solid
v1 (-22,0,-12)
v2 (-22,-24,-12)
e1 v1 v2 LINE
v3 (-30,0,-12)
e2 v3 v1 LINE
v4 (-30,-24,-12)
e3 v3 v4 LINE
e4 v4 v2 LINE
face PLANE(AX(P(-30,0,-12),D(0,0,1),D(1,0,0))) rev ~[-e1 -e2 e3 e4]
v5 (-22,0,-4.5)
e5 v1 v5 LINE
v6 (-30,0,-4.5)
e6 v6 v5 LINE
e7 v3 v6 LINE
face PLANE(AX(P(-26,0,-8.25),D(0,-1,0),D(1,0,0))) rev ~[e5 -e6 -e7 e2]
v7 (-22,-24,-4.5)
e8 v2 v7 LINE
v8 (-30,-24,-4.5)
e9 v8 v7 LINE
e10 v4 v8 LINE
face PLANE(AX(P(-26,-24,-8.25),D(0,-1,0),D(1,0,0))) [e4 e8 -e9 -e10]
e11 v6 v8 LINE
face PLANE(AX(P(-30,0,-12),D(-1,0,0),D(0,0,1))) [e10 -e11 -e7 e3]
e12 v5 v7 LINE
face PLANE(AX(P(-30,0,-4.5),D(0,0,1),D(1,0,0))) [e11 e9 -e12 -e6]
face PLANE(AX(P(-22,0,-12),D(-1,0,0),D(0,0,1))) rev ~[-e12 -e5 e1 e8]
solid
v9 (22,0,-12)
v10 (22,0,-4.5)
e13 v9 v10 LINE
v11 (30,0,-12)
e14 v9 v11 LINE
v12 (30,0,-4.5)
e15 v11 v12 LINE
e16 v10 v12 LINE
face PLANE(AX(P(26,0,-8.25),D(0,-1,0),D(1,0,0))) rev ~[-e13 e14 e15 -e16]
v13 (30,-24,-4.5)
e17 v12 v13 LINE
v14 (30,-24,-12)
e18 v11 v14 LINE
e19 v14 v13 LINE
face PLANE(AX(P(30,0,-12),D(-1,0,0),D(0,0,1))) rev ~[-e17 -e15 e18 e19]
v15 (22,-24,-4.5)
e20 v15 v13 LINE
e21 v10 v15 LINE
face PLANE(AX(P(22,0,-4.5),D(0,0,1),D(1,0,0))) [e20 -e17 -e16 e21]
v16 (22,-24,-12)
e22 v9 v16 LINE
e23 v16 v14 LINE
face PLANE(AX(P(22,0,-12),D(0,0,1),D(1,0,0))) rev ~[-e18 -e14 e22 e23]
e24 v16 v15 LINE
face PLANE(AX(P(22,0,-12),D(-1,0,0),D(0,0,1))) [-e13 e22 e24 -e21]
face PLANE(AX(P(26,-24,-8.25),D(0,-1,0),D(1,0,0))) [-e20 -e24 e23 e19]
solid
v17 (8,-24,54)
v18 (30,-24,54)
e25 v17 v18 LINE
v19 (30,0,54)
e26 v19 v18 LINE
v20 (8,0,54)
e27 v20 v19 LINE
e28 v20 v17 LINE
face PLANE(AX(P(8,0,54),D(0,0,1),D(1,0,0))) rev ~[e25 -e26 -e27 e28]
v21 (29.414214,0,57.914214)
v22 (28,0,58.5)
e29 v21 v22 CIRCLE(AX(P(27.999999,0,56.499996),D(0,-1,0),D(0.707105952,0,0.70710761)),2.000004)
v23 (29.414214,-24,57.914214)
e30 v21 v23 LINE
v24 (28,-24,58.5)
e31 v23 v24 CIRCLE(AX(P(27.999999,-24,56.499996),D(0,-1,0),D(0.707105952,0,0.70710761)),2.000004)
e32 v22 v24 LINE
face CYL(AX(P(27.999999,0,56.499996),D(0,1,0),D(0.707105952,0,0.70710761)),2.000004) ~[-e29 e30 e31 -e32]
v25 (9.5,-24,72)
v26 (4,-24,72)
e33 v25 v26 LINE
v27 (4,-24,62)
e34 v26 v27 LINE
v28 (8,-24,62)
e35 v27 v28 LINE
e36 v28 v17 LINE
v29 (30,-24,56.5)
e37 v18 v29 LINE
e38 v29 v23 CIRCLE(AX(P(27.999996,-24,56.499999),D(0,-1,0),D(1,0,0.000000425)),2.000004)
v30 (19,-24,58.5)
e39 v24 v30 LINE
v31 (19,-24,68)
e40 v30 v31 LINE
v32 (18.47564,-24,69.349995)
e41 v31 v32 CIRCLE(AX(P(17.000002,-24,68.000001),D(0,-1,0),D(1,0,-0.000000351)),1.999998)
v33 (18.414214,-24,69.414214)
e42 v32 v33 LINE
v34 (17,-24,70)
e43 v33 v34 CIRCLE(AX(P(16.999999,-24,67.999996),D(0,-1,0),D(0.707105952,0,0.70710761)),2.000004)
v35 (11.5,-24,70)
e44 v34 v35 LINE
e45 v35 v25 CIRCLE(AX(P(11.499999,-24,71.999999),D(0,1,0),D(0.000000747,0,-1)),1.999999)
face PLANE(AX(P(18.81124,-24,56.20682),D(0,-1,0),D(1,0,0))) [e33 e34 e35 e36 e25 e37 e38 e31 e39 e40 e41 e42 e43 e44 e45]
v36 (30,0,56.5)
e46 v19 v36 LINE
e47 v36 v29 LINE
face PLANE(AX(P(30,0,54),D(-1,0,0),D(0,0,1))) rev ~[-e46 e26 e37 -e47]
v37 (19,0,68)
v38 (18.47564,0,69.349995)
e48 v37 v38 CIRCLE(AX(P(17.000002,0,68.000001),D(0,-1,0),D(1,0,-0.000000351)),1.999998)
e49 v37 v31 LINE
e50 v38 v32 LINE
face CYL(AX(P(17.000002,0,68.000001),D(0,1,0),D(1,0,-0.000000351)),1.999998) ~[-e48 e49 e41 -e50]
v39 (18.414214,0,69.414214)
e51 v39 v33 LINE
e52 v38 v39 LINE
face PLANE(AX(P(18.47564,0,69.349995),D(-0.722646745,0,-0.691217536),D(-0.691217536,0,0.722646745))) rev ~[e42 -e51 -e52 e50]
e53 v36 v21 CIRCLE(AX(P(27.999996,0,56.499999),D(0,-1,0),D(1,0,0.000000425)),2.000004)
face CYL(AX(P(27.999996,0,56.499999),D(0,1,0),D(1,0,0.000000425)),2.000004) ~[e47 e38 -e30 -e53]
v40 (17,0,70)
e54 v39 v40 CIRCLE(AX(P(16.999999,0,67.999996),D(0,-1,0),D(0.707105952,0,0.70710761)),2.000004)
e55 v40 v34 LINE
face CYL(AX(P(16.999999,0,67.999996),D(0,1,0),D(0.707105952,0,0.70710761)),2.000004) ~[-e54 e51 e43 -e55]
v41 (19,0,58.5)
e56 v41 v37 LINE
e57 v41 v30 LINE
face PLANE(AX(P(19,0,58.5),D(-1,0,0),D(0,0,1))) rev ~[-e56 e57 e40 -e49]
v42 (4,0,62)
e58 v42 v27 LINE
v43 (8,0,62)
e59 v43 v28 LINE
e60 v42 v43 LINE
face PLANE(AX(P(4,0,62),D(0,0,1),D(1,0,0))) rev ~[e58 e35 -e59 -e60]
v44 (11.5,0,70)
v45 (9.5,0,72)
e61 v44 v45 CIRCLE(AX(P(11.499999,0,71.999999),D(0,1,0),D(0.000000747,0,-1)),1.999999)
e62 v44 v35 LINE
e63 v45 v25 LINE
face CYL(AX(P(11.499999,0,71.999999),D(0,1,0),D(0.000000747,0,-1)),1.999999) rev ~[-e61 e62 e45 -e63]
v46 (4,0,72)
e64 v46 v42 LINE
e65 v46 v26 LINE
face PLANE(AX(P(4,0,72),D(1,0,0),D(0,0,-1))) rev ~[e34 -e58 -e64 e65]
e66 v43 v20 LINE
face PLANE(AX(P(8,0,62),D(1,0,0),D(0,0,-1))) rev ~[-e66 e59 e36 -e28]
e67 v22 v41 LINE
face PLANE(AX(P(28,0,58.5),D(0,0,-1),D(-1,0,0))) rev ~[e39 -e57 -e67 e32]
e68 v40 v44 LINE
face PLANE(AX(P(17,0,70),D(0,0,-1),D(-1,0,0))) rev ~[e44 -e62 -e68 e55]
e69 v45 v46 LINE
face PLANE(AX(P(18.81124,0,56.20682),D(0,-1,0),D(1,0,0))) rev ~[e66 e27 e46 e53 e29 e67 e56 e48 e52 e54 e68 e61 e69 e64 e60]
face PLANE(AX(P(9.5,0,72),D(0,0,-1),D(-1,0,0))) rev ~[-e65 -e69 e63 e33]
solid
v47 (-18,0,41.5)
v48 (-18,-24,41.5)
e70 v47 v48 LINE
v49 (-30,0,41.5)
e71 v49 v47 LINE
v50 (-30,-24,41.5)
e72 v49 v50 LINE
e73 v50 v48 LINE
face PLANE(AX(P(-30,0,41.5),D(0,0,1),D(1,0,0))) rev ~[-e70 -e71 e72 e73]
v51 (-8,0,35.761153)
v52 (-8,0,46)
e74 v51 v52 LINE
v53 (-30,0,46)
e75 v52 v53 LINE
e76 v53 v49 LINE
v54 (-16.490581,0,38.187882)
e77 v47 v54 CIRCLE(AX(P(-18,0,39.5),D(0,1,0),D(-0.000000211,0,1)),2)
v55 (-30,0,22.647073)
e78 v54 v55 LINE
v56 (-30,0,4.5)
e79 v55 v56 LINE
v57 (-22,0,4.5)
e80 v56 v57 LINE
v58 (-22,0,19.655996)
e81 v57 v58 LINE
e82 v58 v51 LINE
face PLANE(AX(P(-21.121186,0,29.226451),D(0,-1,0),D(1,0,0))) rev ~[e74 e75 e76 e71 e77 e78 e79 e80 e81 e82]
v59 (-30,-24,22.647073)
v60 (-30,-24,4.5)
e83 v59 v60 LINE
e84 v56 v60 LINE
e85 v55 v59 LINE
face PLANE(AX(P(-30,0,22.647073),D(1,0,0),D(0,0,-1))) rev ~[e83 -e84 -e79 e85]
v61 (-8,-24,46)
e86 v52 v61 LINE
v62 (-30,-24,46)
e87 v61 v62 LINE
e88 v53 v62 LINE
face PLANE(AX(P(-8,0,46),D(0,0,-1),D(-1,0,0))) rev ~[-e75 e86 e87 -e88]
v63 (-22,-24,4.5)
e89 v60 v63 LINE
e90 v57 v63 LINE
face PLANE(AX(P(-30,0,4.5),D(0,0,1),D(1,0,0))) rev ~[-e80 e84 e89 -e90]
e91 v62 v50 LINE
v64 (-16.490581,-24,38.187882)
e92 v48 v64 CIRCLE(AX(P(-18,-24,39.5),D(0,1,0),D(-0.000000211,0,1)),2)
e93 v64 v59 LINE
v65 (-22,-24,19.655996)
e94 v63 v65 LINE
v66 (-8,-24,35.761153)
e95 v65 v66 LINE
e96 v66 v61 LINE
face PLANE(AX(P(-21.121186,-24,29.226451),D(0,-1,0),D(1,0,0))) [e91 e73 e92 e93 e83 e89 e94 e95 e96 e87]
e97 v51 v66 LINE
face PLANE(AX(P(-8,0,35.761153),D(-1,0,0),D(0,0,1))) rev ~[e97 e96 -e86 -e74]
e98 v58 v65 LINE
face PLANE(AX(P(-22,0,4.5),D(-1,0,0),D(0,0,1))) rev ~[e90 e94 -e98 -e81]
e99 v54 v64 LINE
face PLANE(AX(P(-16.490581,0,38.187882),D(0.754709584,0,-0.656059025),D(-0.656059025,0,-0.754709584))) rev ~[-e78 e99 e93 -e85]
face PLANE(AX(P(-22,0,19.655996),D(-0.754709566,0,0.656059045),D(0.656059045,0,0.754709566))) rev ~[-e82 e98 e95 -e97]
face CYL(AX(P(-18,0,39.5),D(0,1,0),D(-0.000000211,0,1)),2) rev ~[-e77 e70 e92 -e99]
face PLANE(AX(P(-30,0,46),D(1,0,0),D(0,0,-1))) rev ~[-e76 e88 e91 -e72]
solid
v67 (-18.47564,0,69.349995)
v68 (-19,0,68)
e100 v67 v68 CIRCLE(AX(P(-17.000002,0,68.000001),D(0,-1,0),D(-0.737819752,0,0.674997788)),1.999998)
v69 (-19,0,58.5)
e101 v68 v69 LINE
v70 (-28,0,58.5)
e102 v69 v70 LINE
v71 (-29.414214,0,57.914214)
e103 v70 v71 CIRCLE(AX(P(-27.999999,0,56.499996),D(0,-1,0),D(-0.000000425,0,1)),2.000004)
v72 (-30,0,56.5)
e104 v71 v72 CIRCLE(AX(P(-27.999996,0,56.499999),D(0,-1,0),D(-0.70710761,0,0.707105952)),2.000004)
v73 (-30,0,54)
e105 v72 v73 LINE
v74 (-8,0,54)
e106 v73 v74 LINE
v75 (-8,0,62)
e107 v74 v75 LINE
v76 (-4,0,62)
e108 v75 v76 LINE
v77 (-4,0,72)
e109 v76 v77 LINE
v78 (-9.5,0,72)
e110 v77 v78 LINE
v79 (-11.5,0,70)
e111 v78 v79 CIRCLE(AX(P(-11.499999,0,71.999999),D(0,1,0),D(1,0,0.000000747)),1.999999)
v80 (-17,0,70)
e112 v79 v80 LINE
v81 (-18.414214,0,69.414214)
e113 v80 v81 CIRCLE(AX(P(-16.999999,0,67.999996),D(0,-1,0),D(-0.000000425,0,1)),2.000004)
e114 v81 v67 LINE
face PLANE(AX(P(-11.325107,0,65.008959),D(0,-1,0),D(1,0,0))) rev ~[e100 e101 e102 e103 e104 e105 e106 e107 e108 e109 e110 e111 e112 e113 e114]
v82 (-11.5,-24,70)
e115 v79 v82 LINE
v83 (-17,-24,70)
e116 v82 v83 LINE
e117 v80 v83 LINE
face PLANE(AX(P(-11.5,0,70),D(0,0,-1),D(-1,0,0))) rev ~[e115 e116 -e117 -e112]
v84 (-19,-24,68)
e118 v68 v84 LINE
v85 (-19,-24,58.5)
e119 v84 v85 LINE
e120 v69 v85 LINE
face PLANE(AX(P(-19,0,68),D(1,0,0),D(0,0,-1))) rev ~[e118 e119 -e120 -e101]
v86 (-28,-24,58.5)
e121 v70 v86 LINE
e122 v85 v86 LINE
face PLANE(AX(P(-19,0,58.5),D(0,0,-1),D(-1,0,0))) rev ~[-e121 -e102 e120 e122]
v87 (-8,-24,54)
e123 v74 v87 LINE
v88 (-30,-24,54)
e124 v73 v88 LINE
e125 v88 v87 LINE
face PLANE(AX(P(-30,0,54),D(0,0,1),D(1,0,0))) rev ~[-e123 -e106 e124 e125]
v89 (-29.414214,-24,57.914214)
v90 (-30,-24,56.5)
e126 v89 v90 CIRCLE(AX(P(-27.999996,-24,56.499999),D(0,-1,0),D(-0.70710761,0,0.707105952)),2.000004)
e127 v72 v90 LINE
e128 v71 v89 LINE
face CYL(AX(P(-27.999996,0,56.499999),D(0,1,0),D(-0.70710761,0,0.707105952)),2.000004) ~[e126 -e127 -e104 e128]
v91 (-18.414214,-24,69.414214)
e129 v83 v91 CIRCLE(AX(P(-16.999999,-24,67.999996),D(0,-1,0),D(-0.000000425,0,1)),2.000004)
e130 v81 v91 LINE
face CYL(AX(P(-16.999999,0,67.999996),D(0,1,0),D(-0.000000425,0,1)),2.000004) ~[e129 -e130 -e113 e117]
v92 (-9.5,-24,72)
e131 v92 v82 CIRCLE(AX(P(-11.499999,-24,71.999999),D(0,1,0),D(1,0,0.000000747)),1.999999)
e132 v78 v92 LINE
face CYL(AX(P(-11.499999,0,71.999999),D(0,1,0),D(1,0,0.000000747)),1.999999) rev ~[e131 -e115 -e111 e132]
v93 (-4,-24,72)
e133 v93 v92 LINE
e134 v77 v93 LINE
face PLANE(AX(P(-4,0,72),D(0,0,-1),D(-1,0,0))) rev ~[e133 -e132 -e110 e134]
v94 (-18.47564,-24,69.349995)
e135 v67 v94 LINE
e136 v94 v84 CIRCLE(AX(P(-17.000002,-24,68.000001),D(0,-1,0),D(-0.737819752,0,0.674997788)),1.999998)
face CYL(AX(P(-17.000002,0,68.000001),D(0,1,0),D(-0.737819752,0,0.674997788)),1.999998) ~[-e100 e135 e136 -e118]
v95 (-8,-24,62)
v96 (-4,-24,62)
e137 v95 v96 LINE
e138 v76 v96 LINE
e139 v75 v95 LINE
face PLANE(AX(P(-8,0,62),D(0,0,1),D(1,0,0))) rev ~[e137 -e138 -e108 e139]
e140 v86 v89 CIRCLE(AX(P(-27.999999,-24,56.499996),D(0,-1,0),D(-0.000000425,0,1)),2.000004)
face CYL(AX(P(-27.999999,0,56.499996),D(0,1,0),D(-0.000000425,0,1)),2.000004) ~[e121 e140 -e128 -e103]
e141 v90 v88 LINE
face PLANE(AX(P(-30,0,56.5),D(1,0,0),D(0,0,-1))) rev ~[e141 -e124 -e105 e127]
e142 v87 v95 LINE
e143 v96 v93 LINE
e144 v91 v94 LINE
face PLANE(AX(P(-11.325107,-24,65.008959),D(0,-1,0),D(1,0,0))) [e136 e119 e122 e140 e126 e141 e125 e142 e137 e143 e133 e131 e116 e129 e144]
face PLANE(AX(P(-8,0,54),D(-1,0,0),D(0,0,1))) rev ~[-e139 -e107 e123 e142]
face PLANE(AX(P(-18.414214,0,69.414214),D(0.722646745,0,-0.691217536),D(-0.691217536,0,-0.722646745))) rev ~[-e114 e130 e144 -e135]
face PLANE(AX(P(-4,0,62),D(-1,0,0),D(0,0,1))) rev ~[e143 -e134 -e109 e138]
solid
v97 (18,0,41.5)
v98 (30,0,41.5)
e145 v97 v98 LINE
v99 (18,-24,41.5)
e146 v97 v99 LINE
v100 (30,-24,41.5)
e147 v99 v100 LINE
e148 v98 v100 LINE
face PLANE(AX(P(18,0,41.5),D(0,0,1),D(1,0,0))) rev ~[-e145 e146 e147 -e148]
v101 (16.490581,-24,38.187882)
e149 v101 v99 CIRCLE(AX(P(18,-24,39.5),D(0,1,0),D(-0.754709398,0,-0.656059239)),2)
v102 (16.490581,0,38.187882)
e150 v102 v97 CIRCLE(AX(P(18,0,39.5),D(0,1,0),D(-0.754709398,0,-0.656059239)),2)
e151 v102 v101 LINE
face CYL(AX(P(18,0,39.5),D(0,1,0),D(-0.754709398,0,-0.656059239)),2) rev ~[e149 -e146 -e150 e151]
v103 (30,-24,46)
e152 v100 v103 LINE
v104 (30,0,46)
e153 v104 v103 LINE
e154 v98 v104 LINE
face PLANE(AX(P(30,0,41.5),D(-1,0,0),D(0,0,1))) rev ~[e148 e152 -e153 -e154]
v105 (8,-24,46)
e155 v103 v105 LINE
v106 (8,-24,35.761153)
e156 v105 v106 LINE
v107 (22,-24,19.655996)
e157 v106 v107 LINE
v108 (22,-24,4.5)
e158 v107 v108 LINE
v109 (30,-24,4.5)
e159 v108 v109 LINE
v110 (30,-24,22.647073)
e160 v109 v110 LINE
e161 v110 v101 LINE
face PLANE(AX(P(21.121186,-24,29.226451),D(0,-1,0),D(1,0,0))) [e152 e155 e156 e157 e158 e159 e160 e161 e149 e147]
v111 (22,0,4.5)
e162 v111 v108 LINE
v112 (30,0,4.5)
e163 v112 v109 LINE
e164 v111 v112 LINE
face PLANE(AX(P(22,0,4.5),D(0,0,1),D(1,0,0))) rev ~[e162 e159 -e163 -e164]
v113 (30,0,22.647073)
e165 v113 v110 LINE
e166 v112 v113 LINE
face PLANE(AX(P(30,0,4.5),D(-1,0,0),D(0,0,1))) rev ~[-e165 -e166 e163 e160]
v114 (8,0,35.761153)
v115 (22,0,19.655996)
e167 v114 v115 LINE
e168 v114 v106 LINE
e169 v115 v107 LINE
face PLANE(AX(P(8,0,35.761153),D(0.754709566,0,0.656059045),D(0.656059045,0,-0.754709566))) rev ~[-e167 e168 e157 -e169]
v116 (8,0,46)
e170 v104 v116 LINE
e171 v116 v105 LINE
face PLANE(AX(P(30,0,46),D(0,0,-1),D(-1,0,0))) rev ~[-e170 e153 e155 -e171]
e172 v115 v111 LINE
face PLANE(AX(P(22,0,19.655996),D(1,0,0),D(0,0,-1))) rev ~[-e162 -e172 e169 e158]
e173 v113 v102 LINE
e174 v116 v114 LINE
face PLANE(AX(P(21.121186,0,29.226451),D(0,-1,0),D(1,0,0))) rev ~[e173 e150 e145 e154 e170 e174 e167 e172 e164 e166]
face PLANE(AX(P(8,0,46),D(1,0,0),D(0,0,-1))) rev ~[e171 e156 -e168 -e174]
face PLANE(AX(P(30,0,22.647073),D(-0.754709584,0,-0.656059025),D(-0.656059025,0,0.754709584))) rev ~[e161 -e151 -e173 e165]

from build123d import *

# Parameters (mm, degrees)
F0_W     = 8
F0_H     = 7.5
F1_DEPTH = 24


with BuildPart() as f1:
    # F0 (on Front) → F1 (new body)
    with BuildSketch(Plane.XZ):
        with BuildLine():
            Line((-4, 62), (-4, 72))
            Line((-4, 72), (-9.5, 72))
            ThreePointArc((-9.5, 72), (-10.085786, 70.585786), (-11.5, 70))
            Line((-11.5, 70), (-17, 70))
            ThreePointArc((-17, 70), (-17.765367, 69.847759), (-18.414214, 69.414214))
            Line((-18.414214, 69.414214), (-18.47564, 69.349995))
            ThreePointArc((-18.47564, 69.349995), (-18.864307, 68.724127), (-19, 68))
            Line((-19, 68), (-19, 58.5))
            Line((-19, 58.5), (-8, 58.5))
            Line((-8, 58.5), (-8, 62))
            Line((-8, 62), (-4, 62))
        make_face()
        with BuildLine():
            Line((-8, 54), (-8, 58.5))
            Line((-8, 58.5), (-19, 58.5))
            Line((-19, 58.5), (-28, 58.5))
            ThreePointArc((-28, 58.5), (-28.765367, 58.347759), (-29.414214, 57.914214))
            ThreePointArc((-29.414214, 57.914214), (-29.847759, 57.265367), (-30, 56.5))
            Line((-30, 56.5), (-30, 54))
            Line((-30, 54), (-8, 54))
        make_face()
        with BuildLine():
            Line((-8, 35.761153), (-8, 46))
            Line((-8, 46), (-30, 46))
            Line((-30, 46), (-30, 41.5))
            Line((-30, 41.5), (-18, 41.5))
            ThreePointArc((-18, 41.5), (-16.180077, 40.329386), (-16.490581, 38.187882))
            Line((-16.490581, 38.187882), (-30, 22.647073))
            Line((-30, 22.647073), (-30, 4.5))
            Line((-30, 4.5), (-22, 4.5))
            Line((-22, 4.5), (-22, 19.655996))
            Line((-22, 19.655996), (-8, 35.761153))
        make_face()
        with Locations((-26, -8.25)):
            Rectangle(F0_W, F0_H)
        with Locations((26, -8.25)):
            Rectangle(F0_W, F0_H)
        with BuildLine():
            Line((30, 46), (8, 46))
            Line((8, 46), (8, 35.761153))
            Line((8, 35.761153), (22, 19.655996))
            Line((22, 19.655996), (22, 4.5))
            Line((22, 4.5), (30, 4.5))
            Line((30, 4.5), (30, 22.647073))
            Line((30, 22.647073), (16.490581, 38.187882))
            ThreePointArc((16.490581, 38.187882), (16.180077, 40.329386), (18, 41.5))
            Line((18, 41.5), (30, 41.5))
            Line((30, 41.5), (30, 46))
        make_face()
        with BuildLine():
            Line((19, 58.5), (8, 58.5))
            Line((8, 58.5), (8, 54))
            Line((8, 54), (30, 54))
            Line((30, 54), (30, 56.5))
            ThreePointArc((30, 56.5), (29.847759, 57.265367), (29.414214, 57.914214))
            ThreePointArc((29.414214, 57.914214), (28.765367, 58.347759), (28, 58.5))
            Line((28, 58.5), (19, 58.5))
        make_face()
        with BuildLine():
            Line((9.5, 72), (4, 72))
            Line((4, 72), (4, 62))
            Line((4, 62), (8, 62))
            Line((8, 62), (8, 58.5))
            Line((8, 58.5), (19, 58.5))
            Line((19, 58.5), (19, 68))
            ThreePointArc((19, 68), (18.864307, 68.724127), (18.47564, 69.349995))
            Line((18.47564, 69.349995), (18.414214, 69.414214))
            ThreePointArc((18.414214, 69.414214), (17.765367, 69.847759), (17, 70))
            Line((17, 70), (11.5, 70))
            ThreePointArc((11.5, 70), (10.085786, 70.585786), (9.5, 72))
        make_face()
    extrude(amount=F1_DEPTH)


solid = f1.part
